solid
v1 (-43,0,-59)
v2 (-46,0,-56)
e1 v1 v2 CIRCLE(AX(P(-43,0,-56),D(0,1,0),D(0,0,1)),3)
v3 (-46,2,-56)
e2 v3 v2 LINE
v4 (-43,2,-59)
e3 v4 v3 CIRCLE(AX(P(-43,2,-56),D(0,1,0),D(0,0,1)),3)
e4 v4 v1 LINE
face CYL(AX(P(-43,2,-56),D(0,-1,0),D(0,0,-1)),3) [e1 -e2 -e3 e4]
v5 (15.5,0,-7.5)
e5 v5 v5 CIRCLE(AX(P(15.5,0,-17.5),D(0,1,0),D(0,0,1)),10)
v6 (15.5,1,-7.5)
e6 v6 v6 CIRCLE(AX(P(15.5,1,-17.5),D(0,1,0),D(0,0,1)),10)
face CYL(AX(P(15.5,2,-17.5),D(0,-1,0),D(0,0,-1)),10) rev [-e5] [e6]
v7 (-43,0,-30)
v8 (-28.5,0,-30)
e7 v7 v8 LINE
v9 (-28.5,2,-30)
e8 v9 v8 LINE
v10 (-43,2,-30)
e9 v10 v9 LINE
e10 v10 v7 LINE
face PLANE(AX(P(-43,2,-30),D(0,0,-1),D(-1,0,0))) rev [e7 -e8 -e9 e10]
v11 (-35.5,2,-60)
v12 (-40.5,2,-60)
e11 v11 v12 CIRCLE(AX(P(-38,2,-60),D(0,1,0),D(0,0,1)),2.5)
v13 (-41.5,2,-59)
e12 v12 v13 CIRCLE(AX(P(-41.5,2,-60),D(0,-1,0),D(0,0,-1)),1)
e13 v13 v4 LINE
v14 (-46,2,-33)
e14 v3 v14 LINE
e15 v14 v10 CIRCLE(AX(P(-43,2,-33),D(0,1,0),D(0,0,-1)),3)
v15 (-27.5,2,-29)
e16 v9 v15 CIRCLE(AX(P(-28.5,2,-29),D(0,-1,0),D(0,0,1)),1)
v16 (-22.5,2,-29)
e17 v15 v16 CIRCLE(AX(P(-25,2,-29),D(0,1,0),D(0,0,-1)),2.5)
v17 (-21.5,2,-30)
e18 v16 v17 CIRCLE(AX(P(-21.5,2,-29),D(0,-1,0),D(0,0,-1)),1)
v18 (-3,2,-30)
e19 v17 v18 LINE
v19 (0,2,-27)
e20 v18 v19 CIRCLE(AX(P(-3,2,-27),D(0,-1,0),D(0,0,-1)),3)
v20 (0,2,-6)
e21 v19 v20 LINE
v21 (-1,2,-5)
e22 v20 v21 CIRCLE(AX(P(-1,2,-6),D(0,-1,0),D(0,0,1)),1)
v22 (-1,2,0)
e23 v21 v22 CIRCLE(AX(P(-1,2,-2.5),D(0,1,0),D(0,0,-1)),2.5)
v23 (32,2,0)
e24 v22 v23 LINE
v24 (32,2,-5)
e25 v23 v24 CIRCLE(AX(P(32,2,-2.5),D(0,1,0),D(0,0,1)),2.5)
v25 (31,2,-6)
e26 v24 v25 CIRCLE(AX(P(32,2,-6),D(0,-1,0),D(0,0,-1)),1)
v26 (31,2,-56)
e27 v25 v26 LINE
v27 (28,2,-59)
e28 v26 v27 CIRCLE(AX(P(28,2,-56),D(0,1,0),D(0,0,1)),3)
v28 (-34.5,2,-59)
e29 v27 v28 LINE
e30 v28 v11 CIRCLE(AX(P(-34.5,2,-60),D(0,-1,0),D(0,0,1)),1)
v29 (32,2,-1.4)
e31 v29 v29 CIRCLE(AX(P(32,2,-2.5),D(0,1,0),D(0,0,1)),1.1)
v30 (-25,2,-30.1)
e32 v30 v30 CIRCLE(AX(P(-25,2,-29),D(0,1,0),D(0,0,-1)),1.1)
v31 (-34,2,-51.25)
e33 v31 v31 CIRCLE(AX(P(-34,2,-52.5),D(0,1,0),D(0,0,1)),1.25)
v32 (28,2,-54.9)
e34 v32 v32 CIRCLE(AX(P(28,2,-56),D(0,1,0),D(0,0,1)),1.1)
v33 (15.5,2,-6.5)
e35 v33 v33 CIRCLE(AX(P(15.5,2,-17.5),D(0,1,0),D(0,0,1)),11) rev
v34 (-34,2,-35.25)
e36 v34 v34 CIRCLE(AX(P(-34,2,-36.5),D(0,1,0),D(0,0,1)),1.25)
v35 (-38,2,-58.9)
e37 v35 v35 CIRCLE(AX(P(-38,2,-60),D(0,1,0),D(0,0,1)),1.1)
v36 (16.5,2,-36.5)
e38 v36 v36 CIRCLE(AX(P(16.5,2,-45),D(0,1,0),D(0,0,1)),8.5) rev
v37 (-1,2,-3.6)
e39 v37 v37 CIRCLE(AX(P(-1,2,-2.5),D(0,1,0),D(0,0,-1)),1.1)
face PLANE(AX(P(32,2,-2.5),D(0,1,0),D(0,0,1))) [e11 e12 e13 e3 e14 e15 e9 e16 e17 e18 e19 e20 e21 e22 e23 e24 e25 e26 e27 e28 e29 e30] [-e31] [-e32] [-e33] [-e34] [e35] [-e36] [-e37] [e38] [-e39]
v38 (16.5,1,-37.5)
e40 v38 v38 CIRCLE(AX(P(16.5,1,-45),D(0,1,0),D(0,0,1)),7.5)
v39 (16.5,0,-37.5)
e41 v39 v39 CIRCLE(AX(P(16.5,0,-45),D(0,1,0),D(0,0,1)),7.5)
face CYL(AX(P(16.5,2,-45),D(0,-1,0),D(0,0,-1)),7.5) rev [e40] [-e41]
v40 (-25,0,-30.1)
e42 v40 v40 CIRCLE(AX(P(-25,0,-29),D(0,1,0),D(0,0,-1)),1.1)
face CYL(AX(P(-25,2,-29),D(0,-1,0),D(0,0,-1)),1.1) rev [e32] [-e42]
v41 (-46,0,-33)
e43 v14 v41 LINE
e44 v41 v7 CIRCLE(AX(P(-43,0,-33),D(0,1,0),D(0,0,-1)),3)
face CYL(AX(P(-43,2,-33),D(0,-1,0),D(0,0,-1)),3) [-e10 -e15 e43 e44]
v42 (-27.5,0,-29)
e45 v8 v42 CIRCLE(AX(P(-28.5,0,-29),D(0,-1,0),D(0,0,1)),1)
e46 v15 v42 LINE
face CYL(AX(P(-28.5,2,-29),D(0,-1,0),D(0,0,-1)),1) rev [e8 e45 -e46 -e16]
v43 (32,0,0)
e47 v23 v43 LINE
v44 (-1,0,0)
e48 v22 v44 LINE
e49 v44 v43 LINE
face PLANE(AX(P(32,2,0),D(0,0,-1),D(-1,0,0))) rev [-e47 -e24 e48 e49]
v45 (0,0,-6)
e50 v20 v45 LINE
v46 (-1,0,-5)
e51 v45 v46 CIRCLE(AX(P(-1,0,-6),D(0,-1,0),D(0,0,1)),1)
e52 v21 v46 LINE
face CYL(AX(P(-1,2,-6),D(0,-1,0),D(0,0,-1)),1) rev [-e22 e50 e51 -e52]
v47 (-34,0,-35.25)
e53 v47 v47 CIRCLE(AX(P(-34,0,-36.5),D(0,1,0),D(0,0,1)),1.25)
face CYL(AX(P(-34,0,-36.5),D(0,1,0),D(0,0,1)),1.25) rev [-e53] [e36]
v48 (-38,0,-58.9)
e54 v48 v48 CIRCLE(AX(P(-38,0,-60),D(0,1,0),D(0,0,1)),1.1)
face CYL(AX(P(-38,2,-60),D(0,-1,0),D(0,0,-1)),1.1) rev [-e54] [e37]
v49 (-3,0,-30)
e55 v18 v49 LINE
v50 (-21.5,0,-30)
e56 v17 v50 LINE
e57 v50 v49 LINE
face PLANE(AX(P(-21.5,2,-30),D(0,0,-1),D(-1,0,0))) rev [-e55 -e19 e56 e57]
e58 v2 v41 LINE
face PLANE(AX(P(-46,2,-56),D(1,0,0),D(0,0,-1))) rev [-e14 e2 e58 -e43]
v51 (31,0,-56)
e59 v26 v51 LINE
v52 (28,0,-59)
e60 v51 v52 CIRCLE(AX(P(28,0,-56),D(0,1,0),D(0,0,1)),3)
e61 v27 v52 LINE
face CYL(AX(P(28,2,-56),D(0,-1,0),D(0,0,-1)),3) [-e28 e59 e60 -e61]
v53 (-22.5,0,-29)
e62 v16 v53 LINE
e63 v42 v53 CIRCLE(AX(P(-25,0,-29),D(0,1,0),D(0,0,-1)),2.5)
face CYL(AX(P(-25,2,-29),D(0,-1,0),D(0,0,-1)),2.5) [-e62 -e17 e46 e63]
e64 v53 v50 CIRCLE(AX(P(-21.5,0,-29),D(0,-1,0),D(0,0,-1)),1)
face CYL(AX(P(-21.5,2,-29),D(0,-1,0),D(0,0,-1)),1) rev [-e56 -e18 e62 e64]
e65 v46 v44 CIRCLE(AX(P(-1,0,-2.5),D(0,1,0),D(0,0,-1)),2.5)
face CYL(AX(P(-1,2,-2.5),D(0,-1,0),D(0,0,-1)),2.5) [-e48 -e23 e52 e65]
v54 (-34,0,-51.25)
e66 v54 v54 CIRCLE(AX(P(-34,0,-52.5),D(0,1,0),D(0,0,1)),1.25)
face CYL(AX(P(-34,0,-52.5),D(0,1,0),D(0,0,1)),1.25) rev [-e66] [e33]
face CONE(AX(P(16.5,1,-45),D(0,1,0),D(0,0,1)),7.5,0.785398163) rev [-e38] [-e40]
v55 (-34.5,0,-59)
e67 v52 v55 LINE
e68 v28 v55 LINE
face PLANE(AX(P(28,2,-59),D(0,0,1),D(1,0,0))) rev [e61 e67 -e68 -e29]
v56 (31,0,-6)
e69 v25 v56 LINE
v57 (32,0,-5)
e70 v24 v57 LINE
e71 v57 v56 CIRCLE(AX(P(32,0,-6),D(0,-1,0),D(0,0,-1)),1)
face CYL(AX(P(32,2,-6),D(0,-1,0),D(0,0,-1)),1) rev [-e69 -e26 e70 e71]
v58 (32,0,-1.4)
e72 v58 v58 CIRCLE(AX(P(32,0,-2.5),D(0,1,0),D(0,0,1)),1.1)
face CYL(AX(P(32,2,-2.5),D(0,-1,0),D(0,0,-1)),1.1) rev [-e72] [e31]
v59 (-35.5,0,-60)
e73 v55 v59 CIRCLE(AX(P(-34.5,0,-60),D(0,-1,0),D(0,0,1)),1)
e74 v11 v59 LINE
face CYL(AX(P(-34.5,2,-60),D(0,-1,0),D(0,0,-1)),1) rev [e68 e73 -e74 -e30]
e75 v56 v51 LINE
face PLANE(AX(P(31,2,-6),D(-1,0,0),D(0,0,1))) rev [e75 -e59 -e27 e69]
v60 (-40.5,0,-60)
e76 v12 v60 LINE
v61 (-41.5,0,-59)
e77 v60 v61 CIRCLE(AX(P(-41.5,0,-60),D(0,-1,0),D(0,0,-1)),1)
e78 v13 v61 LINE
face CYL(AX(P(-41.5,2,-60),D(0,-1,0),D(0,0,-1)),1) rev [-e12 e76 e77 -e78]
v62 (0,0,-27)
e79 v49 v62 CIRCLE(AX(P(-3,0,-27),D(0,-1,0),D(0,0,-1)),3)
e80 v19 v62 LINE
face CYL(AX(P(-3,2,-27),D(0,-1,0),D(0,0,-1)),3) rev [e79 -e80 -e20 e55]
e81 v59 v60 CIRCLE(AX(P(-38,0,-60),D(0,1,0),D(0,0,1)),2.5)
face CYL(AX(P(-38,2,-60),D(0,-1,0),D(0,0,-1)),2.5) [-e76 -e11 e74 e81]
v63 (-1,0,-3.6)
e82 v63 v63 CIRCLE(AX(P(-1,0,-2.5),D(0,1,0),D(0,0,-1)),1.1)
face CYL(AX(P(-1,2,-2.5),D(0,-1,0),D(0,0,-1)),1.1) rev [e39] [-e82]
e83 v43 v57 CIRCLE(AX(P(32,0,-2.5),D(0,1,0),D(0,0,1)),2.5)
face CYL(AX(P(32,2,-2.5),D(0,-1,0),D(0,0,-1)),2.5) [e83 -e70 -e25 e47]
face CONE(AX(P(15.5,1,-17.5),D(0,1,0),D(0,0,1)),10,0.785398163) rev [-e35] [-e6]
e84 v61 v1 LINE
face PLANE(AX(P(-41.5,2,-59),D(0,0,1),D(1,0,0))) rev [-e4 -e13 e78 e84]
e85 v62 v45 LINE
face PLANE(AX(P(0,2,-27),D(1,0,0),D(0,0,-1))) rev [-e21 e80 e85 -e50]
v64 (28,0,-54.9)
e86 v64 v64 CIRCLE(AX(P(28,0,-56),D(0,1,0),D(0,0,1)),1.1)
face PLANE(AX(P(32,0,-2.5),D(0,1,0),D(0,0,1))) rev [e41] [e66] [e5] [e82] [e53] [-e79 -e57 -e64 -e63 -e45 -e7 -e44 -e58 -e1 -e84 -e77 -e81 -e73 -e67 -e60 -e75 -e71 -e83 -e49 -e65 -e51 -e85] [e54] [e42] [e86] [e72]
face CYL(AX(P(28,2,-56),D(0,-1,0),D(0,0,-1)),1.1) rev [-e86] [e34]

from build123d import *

# Parameters (mm, degrees)
CROQUIS1_R              = 10
CROQUIS1_R_2            = 7.5
CROQUIS1_R_3            = 1.1
SALIENTE_EXTRUIR1_DEPTH = 2
CHAFL_N1_SIZE           = 1
CROQUIS2_R              = 1.25
CORTAR_EXTRUIR1_DEPTH   = 78.628925022


with BuildPart() as part:
    # Croquis1 → Saliente-Extruir1 (new body)
    with BuildSketch(Plane(origin=(0, 0, 0), x_dir=(1, 0, 0), z_dir=(0, 1, 0))):
        with BuildLine():
            Line((-43, 30), (-28.5, 30))
            ThreePointArc((-28.5, 30), (-27.792893219, 29.707106781), (-27.5, 29))
            ThreePointArc((-27.5, 29), (-25, 26.5), (-22.5, 29))
            ThreePointArc((-22.5, 29), (-22.207106781, 29.707106781), (-21.5, 30))
            Line((-21.5, 30), (-3, 30))
            ThreePointArc((-3, 30), (-0.878679656, 29.121320344), (0, 27))
            Line((0, 27), (0, 6))
            ThreePointArc((0, 6), (-0.292893219, 5.292893219), (-1, 5))
            ThreePointArc((-1, 5), (-3.5, 2.5), (-1, 0))
            Line((-1, 0), (0, 0))
            Line((0, 0), (31, 0))
            Line((31, 0), (32, 0))
            ThreePointArc((32, 0), (34.5, 2.5), (32, 5))
            ThreePointArc((32, 5), (31.292893219, 5.292893219), (31, 6))
            Line((31, 6), (31, 56))
            ThreePointArc((31, 56), (30.121320344, 58.121320344), (28, 59))
            Line((28, 59), (-34.5, 59))
            ThreePointArc((-34.5, 59), (-35.207106781, 59.292893219), (-35.5, 60))
            ThreePointArc((-35.5, 60), (-38, 62.5), (-40.5, 60))
            ThreePointArc((-40.5, 60), (-40.792893219, 59.292893219), (-41.5, 59))
            Line((-41.5, 59), (-43, 59))
            ThreePointArc((-43, 59), (-45.121320344, 58.121320344), (-46, 56))
            Line((-46, 56), (-46, 33))
            ThreePointArc((-46, 33), (-45.121320344, 30.878679656), (-43, 30))
        make_face()
        with Locations(Location((15.5, 17.5, 0), (0, 0, 270))):
            Circle(CROQUIS1_R, mode=Mode.SUBTRACT)
        with Locations(Location((16.5, 45, 0), (0, 0, 270))):
            Circle(CROQUIS1_R_2, mode=Mode.SUBTRACT)
        with Locations(Location((32, 2.5, 0), (0, 0, 270))):
            Circle(CROQUIS1_R_3, mode=Mode.SUBTRACT)
        with Locations(Location((-38, 60, 0), (0, 0, 270))):
            Circle(CROQUIS1_R_3, mode=Mode.SUBTRACT)
        with Locations(Location((-1, 2.5, 0), (0, 0, 90))):
            Circle(CROQUIS1_R_3, mode=Mode.SUBTRACT)
        with Locations(Location((-25, 29, 0), (0, 0, 90))):
            Circle(CROQUIS1_R_3, mode=Mode.SUBTRACT)
        with Locations(Location((28, 56, 0), (0, 0, 270))):
            Circle(CROQUIS1_R_3, mode=Mode.SUBTRACT)
    extrude(amount=SALIENTE_EXTRUIR1_DEPTH)

    # Chaflán1
    chafl_n1_edges = [part.edges().sort_by_distance(p)[0] for p in [
        (15.5, 2, -27.5),
        (16.5, 2, -52.5),
    ]]
    chamfer(chafl_n1_edges, length=CHAFL_N1_SIZE)

    # Croquis2 → Cortar-Extruir1 (cut, through all)
    with BuildSketch(Plane(origin=(0, 2, 0), x_dir=(1, 0, 0), z_dir=(0, 1, 0))):
        with Locations(Location((-34, 52.5, 0), (0, 0, 270))):
            Circle(CROQUIS2_R)
        with Locations(Location((-34, 36.5, 0), (0, 0, 270))):
            Circle(CROQUIS2_R)
    extrude(amount=-CORTAR_EXTRUIR1_DEPTH, mode=Mode.SUBTRACT)


solid = part.part
